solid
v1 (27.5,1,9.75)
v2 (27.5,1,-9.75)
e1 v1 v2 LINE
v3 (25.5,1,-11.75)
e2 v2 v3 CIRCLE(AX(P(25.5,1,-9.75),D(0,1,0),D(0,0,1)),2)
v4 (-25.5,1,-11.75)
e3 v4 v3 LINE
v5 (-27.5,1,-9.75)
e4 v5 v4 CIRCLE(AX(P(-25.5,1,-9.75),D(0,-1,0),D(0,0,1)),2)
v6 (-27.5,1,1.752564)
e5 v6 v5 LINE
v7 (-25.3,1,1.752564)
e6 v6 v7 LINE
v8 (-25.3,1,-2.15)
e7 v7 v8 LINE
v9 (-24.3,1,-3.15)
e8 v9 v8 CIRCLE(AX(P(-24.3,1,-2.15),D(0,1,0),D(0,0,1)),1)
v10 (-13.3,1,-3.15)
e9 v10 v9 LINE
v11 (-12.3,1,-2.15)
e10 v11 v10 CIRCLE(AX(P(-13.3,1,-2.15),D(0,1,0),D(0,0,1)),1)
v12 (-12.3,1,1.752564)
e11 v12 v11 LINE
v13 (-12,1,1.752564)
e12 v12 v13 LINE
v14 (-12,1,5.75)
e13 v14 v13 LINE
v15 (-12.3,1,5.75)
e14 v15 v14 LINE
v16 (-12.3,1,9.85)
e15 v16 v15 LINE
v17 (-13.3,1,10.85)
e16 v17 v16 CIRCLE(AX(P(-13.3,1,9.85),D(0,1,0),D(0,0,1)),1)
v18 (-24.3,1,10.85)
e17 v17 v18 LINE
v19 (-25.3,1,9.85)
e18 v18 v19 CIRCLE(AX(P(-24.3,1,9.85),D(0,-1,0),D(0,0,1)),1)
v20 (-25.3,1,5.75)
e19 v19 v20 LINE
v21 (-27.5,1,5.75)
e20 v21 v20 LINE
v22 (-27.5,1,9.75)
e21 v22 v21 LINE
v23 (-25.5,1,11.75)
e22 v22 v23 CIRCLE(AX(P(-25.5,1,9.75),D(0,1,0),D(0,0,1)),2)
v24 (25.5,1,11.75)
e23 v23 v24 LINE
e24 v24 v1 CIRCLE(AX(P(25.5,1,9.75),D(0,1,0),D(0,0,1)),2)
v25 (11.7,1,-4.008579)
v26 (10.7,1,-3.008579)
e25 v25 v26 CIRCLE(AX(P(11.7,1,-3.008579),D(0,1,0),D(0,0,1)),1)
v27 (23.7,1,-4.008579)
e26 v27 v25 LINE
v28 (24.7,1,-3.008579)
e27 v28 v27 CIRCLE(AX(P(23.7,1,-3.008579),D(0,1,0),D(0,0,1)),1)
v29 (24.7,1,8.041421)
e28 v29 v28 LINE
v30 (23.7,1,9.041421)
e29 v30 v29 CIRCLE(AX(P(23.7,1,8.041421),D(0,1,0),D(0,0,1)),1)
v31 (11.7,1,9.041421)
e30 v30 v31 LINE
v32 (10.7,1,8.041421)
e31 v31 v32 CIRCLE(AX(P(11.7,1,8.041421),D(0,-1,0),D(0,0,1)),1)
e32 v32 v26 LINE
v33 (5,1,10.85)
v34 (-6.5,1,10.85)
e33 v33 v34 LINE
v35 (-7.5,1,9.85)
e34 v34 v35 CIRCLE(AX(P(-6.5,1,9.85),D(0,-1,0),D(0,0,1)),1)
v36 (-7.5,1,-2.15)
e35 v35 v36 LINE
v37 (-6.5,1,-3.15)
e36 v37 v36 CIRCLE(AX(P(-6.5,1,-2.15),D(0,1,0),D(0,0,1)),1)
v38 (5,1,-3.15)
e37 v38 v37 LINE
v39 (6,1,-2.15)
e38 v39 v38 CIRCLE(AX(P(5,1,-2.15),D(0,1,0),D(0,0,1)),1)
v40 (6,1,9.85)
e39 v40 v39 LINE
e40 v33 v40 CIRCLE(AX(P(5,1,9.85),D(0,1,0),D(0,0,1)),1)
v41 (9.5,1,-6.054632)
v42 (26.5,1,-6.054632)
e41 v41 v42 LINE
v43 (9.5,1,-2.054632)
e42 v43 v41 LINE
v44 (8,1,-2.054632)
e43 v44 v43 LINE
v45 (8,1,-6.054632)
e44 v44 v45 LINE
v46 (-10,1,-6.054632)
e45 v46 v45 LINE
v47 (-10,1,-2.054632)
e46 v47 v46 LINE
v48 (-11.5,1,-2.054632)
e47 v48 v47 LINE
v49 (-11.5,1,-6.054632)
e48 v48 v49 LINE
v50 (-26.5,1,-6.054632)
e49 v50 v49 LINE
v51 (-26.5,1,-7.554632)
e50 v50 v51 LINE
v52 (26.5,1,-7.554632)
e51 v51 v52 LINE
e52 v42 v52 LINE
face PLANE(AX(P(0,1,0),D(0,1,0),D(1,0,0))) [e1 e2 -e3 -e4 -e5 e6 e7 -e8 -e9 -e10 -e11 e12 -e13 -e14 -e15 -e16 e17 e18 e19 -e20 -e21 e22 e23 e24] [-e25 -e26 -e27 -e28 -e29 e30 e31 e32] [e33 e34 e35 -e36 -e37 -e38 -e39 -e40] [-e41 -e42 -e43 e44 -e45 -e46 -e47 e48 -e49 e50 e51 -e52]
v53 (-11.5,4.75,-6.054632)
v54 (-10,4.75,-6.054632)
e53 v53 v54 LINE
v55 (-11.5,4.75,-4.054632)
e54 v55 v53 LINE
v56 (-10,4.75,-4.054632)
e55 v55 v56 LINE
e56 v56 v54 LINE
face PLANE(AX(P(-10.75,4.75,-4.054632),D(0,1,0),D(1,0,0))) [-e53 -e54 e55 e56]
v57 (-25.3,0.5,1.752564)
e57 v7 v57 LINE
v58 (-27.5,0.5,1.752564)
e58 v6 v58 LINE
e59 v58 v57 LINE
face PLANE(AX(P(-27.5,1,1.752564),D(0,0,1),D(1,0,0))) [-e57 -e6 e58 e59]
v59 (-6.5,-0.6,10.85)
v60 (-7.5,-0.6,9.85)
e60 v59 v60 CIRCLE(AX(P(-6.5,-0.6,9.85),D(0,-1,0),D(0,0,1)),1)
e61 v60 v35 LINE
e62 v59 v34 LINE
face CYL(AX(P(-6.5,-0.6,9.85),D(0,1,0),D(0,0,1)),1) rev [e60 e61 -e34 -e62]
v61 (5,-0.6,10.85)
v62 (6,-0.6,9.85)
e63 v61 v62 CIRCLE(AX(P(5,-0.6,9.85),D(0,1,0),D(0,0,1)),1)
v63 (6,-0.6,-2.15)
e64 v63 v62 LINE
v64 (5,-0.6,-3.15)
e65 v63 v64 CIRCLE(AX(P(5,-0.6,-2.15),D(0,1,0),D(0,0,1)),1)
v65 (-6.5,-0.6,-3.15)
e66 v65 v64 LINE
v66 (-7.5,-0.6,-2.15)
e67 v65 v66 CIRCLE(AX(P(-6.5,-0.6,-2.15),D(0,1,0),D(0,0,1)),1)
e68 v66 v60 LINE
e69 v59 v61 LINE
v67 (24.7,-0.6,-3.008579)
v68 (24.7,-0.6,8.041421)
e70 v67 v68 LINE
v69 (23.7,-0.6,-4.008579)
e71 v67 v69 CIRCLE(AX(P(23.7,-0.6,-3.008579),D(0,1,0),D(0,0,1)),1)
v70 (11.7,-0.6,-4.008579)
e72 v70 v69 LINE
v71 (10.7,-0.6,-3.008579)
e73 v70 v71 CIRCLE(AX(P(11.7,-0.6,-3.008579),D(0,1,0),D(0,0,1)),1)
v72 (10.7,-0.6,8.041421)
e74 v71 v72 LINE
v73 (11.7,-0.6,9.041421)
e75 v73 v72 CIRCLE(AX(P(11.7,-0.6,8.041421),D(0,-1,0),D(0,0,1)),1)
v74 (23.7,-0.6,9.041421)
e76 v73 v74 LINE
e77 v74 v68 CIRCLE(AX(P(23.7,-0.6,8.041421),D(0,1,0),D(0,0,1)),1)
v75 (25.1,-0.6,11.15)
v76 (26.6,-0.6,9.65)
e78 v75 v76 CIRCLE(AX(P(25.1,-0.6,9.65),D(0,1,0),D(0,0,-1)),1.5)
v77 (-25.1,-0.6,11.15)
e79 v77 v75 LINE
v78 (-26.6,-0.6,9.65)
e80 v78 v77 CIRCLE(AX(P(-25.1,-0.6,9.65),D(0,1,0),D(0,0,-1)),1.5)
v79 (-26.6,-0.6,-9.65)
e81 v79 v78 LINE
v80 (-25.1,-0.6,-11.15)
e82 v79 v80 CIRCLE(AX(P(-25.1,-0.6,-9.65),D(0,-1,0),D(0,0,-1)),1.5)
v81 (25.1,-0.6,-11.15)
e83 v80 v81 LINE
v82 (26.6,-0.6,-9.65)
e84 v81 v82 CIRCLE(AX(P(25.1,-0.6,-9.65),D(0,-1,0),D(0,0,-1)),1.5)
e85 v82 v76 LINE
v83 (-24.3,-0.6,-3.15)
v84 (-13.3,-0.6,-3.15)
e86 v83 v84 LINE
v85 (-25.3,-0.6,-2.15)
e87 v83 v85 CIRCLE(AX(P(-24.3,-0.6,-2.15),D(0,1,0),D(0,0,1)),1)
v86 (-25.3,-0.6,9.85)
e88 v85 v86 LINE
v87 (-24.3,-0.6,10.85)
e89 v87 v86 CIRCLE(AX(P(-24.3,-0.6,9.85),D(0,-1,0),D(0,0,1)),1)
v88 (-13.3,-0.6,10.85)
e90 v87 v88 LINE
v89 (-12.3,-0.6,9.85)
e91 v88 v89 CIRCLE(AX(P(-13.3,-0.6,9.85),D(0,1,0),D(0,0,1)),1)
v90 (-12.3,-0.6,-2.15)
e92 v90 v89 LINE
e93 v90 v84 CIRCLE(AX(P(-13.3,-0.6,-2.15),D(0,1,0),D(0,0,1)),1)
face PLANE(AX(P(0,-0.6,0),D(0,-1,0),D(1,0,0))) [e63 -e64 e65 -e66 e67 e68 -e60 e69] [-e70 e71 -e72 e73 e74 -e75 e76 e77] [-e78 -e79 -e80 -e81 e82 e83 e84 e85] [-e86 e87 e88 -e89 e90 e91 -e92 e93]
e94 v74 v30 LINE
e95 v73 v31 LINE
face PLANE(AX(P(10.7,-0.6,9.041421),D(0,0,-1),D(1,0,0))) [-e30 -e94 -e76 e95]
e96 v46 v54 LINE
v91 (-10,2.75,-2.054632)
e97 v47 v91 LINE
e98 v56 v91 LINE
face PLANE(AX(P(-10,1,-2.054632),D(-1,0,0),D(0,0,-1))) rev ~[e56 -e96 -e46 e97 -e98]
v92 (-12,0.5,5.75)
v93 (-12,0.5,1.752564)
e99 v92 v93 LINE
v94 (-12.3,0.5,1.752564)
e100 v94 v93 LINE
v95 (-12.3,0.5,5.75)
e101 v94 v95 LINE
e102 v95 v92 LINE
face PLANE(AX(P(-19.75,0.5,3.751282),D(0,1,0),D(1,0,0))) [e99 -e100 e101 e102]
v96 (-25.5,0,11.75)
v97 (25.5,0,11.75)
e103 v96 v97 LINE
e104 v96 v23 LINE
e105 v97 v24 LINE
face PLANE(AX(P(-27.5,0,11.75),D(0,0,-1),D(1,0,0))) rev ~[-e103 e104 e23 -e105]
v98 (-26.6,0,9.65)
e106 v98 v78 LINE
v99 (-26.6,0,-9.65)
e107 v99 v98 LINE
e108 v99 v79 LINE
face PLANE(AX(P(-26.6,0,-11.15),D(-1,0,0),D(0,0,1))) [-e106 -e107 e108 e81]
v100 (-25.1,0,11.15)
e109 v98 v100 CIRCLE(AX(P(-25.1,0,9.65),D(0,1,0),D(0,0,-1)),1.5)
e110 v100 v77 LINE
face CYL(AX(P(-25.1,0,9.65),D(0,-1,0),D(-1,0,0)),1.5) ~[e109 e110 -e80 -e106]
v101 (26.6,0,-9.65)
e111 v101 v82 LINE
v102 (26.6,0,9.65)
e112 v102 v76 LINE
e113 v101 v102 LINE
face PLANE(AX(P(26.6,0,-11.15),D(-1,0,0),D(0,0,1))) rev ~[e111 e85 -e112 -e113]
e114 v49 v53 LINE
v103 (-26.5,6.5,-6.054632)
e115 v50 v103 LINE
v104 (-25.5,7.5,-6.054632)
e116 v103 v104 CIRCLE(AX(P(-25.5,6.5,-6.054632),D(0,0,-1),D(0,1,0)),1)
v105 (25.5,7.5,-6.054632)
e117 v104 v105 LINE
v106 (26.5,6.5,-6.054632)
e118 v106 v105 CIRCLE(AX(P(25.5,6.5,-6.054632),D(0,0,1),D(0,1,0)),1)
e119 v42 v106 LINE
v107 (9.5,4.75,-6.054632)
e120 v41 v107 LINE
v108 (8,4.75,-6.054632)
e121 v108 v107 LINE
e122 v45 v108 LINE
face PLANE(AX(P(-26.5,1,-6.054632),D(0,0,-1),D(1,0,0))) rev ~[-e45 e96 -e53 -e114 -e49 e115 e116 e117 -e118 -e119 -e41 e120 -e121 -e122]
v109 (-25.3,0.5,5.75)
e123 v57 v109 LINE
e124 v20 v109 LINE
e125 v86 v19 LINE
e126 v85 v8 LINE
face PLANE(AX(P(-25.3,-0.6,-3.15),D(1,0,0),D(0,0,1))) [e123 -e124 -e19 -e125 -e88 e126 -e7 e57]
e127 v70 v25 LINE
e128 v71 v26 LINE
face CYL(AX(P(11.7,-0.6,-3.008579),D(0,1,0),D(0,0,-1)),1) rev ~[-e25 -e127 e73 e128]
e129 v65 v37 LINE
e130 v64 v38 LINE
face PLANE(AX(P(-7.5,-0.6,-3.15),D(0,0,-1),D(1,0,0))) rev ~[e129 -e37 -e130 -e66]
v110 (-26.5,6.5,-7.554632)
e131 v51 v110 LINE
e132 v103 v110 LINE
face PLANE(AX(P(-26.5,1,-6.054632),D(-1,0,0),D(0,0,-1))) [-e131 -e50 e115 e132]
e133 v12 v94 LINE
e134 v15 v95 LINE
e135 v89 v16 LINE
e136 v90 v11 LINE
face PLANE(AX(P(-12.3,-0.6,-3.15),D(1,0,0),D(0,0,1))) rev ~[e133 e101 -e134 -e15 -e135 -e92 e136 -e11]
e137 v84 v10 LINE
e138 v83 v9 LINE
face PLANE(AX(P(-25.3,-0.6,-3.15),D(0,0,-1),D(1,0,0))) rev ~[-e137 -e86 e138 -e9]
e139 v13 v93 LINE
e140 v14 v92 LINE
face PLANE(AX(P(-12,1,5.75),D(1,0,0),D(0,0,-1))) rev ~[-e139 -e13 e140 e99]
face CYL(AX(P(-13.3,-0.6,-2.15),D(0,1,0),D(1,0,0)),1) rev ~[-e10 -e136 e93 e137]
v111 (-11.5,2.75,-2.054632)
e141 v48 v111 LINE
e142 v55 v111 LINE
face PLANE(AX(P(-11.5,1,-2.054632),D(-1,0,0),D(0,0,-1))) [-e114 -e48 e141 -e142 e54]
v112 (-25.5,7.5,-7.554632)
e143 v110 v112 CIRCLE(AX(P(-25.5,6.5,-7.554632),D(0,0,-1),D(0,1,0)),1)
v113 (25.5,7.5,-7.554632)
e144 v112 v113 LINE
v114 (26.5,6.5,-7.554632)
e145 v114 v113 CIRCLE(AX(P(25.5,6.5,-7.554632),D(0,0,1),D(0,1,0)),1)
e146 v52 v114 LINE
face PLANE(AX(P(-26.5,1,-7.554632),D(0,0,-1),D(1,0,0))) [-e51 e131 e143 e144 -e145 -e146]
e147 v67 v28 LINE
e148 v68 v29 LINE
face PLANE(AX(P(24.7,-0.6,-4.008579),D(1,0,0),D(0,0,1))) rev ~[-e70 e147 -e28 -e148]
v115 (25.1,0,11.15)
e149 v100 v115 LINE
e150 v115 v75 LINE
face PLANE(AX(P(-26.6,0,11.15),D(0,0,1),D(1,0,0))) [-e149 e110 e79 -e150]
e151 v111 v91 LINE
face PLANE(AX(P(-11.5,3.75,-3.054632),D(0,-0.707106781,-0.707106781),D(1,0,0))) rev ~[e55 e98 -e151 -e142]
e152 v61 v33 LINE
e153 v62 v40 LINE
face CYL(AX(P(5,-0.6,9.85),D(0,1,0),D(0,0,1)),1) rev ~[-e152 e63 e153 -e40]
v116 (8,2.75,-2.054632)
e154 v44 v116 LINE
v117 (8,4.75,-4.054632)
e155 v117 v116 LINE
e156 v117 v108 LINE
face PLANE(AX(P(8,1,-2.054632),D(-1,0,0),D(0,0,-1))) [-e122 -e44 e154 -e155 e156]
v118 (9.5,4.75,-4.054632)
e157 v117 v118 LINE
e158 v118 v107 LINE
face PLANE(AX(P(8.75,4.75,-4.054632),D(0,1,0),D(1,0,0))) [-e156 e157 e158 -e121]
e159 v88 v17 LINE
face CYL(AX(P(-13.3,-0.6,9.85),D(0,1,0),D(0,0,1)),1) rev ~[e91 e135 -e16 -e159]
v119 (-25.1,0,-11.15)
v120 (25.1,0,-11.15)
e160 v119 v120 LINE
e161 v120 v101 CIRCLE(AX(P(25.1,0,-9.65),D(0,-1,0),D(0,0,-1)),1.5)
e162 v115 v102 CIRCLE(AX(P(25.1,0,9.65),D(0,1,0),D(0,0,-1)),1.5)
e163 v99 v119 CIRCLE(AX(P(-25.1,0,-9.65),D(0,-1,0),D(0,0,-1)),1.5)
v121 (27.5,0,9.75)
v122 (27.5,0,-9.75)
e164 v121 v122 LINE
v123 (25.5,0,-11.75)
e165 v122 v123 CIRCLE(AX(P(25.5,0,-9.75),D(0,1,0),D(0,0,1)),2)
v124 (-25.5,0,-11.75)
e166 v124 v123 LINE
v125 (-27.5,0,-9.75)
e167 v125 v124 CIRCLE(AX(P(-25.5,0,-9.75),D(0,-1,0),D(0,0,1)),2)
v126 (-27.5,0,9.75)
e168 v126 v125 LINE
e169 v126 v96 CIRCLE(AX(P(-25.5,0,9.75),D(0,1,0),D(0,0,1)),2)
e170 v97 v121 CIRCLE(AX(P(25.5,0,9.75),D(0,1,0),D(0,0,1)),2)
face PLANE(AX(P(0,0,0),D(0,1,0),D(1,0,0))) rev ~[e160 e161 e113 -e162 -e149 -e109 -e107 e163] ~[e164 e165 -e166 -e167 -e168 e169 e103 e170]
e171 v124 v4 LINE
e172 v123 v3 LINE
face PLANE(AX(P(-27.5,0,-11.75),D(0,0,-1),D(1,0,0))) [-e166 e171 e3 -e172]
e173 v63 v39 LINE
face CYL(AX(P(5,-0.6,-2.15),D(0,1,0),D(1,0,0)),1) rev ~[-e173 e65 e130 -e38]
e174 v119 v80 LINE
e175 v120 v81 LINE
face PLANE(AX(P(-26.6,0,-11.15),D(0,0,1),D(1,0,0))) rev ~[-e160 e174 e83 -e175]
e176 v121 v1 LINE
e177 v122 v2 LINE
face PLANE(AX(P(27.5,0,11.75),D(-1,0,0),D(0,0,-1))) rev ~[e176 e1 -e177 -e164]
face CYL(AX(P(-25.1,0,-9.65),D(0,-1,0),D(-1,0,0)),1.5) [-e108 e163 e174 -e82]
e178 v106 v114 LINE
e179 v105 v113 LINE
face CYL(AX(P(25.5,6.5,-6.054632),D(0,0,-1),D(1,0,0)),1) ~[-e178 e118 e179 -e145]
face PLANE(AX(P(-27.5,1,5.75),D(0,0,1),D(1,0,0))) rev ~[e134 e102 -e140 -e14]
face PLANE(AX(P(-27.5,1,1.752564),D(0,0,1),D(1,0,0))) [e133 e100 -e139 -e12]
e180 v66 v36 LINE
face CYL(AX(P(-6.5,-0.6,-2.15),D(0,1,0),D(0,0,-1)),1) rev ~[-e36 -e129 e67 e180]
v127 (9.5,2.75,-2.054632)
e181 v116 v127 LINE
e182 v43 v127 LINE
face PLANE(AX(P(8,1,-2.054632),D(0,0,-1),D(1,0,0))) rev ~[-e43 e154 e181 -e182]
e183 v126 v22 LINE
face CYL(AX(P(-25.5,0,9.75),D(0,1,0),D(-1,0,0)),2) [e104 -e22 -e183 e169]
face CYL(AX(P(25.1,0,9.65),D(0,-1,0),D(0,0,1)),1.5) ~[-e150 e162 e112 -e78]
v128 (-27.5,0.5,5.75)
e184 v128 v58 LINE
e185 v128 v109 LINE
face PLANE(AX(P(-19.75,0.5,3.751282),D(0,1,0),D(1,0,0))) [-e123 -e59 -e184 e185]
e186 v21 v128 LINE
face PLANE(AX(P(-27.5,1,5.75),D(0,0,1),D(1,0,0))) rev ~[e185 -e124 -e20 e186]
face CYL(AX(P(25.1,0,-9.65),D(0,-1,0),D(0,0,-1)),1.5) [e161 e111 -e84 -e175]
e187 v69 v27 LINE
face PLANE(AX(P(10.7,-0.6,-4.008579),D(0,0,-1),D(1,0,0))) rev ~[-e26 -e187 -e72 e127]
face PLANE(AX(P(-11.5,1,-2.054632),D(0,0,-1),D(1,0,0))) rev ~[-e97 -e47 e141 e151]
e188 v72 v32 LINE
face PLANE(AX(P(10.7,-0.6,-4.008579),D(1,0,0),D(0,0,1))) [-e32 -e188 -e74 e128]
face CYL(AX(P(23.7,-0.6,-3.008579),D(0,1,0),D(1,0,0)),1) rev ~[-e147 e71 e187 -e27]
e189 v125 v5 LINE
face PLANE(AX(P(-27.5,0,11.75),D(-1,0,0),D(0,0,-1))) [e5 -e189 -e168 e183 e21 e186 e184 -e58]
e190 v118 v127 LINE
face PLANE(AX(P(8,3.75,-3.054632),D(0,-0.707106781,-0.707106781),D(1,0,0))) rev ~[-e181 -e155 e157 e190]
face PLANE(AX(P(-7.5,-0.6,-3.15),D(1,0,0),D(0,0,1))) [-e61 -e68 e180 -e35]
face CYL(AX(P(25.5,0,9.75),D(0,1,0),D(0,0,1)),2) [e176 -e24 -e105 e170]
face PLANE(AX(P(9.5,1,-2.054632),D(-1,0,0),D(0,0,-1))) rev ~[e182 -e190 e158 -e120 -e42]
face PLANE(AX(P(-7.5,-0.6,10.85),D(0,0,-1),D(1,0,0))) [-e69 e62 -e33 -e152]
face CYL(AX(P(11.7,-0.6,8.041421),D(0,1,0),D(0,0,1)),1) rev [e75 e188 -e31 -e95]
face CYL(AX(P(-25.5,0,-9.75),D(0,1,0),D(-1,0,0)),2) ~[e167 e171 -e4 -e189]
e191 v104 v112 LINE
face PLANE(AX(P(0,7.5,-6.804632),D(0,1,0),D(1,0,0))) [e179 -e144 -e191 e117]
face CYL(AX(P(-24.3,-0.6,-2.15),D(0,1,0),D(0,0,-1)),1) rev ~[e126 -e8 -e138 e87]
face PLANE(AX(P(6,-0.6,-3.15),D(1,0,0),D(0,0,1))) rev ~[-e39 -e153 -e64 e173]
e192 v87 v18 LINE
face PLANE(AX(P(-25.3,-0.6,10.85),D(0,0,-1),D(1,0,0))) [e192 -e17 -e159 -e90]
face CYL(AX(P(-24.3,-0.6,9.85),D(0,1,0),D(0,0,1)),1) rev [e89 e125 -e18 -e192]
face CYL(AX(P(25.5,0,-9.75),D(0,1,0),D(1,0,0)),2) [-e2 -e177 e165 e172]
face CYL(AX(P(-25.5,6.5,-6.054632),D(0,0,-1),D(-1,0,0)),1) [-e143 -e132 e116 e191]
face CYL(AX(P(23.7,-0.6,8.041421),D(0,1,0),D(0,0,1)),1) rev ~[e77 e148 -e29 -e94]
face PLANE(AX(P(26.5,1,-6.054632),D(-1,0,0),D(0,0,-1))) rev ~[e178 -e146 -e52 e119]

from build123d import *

# Parameters (mm, degrees)
SKETCH_1_W          = 55
SKETCH_1_H          = 23.5
EXTRUDE_1_DEPTH     = 1
FILLET_1_R          = 2
SKETCH_2_W          = 53.2
SKETCH_2_H          = 22.3
EXTRUDE_2_DEPTH     = 0.6
SKETCH_3_W          = 13
SKETCH_3_H          = 14
SKETCH_3_W_2        = 13.5
SKETCH_3_W_3        = 14
SKETCH_3_H_2        = 13.05
CUT_EXTRUDE_1_DEPTH = 3
FILLET_2_R          = 1
SKETCH_4_W          = 15.5
SKETCH_4_H          = 3.997435945
CUT_EXTRUDE_2_DEPTH = 0.5
SKETCH_5_W          = 53
SKETCH_5_H          = 1.5
EXTRUDE_3_DEPTH     = 6.5
FILLET_3_R          = 1
SKETCH_6_W          = 1.5
SKETCH_6_H          = 4
EXTRUDE_4_DEPTH     = 3.75
CHAMFER_1_SIZE      = 2
FILLET_4_R          = 1.5


with BuildPart() as part:
    # 草图1 → 凸台-拉伸1 (new body)
    with BuildSketch(Plane(origin=(0, 0, 0), x_dir=(1, 0, 0), z_dir=(0, 1, 0))):
        Rectangle(SKETCH_1_W, SKETCH_1_H)
    extrude(amount=EXTRUDE_1_DEPTH)

    # 圆角1
    fillet_1_edges = [part.edges().sort_by_distance(p)[0] for p in [
        (27.5, 0.5, 11.75),
        (-27.5, 0.5, 11.75),
        (-27.5, 0.5, -11.75),
        (27.5, 0.5, -11.75),
    ]]
    fillet(fillet_1_edges, radius=FILLET_1_R)

    # 草图2 → 凸台-拉伸2 (add)
    with BuildSketch(Plane.XZ):
        Rectangle(SKETCH_2_W, SKETCH_2_H)
    extrude(amount=EXTRUDE_2_DEPTH)

    # 草图3 → 切除-拉伸1 (cut)
    with BuildSketch(Plane.XZ.offset(0.6)):
        with Locations((-18.8, 3.85)):
            Rectangle(SKETCH_3_W, SKETCH_3_H)
        with Locations((-0.75, 3.85)):
            Rectangle(SKETCH_3_W_2, SKETCH_3_H)
        with Locations((17.7, 2.516421356)):
            Rectangle(SKETCH_3_W_3, SKETCH_3_H_2)
    extrude(amount=-CUT_EXTRUDE_1_DEPTH, mode=Mode.SUBTRACT)

    # 圆角2
    fillet_2_edges = [part.edges().sort_by_distance(p)[0] for p in [
        (-25.3, 0.2, -3.15),
        (-25.3, 0.2, 10.85),
        (-12.3, 0.2, 10.85),
        (-12.3, 0.2, -3.15),
        (-7.5, 0.2, -3.15),
        (-7.5, 0.2, 10.85),
        (6, 0.2, 10.85),
        (6, 0.2, -3.15),
        (10.7, 0.2, -4.008578644),
        (10.7, 0.2, 9.041421356),
        (24.7, 0.2, 9.041421356),
        (24.7, 0.2, -4.008578644),
    ]]
    fillet(fillet_2_edges, radius=FILLET_2_R)

    # 草图4 → 切除-拉伸2 (cut)
    with BuildSketch(Plane(origin=(0, 1, 0), x_dir=(1, 0, 0), z_dir=(0, 1, 0))):
        with Locations((-19.75, -3.751282028)):
            Rectangle(SKETCH_4_W, SKETCH_4_H)
    extrude(amount=-CUT_EXTRUDE_2_DEPTH, mode=Mode.SUBTRACT)

    # 草图5 → 凸台-拉伸3 (add)
    with BuildSketch(Plane(origin=(0, 1, 0), x_dir=(1, 0, 0), z_dir=(0, 1, 0))):
        with Locations((0, 6.804632487)):
            Rectangle(SKETCH_5_W, SKETCH_5_H)
    extrude(amount=EXTRUDE_3_DEPTH)

    # 圆角3
    fillet_3_edges = [part.edges().sort_by_distance(p)[0] for p in [
        (26.5, 7.5, -6.804632487),
        (-26.5, 7.5, -6.804632487),
    ]]
    fillet(fillet_3_edges, radius=FILLET_3_R)

    # 草图6 → 凸台-拉伸4 (add)
    with BuildSketch(Plane(origin=(0, 1, 0), x_dir=(1, 0, 0), z_dir=(0, 1, 0))):
        with Locations((8.75, 4.054632487)):
            Rectangle(SKETCH_6_W, SKETCH_6_H)
        with Locations((-10.75, 4.054632487)):
            Rectangle(SKETCH_6_W, SKETCH_6_H)
    extrude(amount=EXTRUDE_4_DEPTH)

    # 倒角1
    chamfer_1_edges = [part.edges().sort_by_distance(p)[0] for p in [
        (8.75, 4.75, -2.054632487),
        (-10.75, 4.75, -2.054632487),
    ]]
    chamfer(chamfer_1_edges, length=CHAMFER_1_SIZE)

    # 圆角4
    fillet_4_edges = [part.edges().sort_by_distance(p)[0] for p in [
        (-26.6, -0.3, 11.15),
        (-26.6, -0.3, -11.15),
        (26.6, -0.3, -11.15),
        (26.6, -0.3, 11.15),
    ]]
    fillet(fillet_4_edges, radius=FILLET_4_R)


solid = part.part
